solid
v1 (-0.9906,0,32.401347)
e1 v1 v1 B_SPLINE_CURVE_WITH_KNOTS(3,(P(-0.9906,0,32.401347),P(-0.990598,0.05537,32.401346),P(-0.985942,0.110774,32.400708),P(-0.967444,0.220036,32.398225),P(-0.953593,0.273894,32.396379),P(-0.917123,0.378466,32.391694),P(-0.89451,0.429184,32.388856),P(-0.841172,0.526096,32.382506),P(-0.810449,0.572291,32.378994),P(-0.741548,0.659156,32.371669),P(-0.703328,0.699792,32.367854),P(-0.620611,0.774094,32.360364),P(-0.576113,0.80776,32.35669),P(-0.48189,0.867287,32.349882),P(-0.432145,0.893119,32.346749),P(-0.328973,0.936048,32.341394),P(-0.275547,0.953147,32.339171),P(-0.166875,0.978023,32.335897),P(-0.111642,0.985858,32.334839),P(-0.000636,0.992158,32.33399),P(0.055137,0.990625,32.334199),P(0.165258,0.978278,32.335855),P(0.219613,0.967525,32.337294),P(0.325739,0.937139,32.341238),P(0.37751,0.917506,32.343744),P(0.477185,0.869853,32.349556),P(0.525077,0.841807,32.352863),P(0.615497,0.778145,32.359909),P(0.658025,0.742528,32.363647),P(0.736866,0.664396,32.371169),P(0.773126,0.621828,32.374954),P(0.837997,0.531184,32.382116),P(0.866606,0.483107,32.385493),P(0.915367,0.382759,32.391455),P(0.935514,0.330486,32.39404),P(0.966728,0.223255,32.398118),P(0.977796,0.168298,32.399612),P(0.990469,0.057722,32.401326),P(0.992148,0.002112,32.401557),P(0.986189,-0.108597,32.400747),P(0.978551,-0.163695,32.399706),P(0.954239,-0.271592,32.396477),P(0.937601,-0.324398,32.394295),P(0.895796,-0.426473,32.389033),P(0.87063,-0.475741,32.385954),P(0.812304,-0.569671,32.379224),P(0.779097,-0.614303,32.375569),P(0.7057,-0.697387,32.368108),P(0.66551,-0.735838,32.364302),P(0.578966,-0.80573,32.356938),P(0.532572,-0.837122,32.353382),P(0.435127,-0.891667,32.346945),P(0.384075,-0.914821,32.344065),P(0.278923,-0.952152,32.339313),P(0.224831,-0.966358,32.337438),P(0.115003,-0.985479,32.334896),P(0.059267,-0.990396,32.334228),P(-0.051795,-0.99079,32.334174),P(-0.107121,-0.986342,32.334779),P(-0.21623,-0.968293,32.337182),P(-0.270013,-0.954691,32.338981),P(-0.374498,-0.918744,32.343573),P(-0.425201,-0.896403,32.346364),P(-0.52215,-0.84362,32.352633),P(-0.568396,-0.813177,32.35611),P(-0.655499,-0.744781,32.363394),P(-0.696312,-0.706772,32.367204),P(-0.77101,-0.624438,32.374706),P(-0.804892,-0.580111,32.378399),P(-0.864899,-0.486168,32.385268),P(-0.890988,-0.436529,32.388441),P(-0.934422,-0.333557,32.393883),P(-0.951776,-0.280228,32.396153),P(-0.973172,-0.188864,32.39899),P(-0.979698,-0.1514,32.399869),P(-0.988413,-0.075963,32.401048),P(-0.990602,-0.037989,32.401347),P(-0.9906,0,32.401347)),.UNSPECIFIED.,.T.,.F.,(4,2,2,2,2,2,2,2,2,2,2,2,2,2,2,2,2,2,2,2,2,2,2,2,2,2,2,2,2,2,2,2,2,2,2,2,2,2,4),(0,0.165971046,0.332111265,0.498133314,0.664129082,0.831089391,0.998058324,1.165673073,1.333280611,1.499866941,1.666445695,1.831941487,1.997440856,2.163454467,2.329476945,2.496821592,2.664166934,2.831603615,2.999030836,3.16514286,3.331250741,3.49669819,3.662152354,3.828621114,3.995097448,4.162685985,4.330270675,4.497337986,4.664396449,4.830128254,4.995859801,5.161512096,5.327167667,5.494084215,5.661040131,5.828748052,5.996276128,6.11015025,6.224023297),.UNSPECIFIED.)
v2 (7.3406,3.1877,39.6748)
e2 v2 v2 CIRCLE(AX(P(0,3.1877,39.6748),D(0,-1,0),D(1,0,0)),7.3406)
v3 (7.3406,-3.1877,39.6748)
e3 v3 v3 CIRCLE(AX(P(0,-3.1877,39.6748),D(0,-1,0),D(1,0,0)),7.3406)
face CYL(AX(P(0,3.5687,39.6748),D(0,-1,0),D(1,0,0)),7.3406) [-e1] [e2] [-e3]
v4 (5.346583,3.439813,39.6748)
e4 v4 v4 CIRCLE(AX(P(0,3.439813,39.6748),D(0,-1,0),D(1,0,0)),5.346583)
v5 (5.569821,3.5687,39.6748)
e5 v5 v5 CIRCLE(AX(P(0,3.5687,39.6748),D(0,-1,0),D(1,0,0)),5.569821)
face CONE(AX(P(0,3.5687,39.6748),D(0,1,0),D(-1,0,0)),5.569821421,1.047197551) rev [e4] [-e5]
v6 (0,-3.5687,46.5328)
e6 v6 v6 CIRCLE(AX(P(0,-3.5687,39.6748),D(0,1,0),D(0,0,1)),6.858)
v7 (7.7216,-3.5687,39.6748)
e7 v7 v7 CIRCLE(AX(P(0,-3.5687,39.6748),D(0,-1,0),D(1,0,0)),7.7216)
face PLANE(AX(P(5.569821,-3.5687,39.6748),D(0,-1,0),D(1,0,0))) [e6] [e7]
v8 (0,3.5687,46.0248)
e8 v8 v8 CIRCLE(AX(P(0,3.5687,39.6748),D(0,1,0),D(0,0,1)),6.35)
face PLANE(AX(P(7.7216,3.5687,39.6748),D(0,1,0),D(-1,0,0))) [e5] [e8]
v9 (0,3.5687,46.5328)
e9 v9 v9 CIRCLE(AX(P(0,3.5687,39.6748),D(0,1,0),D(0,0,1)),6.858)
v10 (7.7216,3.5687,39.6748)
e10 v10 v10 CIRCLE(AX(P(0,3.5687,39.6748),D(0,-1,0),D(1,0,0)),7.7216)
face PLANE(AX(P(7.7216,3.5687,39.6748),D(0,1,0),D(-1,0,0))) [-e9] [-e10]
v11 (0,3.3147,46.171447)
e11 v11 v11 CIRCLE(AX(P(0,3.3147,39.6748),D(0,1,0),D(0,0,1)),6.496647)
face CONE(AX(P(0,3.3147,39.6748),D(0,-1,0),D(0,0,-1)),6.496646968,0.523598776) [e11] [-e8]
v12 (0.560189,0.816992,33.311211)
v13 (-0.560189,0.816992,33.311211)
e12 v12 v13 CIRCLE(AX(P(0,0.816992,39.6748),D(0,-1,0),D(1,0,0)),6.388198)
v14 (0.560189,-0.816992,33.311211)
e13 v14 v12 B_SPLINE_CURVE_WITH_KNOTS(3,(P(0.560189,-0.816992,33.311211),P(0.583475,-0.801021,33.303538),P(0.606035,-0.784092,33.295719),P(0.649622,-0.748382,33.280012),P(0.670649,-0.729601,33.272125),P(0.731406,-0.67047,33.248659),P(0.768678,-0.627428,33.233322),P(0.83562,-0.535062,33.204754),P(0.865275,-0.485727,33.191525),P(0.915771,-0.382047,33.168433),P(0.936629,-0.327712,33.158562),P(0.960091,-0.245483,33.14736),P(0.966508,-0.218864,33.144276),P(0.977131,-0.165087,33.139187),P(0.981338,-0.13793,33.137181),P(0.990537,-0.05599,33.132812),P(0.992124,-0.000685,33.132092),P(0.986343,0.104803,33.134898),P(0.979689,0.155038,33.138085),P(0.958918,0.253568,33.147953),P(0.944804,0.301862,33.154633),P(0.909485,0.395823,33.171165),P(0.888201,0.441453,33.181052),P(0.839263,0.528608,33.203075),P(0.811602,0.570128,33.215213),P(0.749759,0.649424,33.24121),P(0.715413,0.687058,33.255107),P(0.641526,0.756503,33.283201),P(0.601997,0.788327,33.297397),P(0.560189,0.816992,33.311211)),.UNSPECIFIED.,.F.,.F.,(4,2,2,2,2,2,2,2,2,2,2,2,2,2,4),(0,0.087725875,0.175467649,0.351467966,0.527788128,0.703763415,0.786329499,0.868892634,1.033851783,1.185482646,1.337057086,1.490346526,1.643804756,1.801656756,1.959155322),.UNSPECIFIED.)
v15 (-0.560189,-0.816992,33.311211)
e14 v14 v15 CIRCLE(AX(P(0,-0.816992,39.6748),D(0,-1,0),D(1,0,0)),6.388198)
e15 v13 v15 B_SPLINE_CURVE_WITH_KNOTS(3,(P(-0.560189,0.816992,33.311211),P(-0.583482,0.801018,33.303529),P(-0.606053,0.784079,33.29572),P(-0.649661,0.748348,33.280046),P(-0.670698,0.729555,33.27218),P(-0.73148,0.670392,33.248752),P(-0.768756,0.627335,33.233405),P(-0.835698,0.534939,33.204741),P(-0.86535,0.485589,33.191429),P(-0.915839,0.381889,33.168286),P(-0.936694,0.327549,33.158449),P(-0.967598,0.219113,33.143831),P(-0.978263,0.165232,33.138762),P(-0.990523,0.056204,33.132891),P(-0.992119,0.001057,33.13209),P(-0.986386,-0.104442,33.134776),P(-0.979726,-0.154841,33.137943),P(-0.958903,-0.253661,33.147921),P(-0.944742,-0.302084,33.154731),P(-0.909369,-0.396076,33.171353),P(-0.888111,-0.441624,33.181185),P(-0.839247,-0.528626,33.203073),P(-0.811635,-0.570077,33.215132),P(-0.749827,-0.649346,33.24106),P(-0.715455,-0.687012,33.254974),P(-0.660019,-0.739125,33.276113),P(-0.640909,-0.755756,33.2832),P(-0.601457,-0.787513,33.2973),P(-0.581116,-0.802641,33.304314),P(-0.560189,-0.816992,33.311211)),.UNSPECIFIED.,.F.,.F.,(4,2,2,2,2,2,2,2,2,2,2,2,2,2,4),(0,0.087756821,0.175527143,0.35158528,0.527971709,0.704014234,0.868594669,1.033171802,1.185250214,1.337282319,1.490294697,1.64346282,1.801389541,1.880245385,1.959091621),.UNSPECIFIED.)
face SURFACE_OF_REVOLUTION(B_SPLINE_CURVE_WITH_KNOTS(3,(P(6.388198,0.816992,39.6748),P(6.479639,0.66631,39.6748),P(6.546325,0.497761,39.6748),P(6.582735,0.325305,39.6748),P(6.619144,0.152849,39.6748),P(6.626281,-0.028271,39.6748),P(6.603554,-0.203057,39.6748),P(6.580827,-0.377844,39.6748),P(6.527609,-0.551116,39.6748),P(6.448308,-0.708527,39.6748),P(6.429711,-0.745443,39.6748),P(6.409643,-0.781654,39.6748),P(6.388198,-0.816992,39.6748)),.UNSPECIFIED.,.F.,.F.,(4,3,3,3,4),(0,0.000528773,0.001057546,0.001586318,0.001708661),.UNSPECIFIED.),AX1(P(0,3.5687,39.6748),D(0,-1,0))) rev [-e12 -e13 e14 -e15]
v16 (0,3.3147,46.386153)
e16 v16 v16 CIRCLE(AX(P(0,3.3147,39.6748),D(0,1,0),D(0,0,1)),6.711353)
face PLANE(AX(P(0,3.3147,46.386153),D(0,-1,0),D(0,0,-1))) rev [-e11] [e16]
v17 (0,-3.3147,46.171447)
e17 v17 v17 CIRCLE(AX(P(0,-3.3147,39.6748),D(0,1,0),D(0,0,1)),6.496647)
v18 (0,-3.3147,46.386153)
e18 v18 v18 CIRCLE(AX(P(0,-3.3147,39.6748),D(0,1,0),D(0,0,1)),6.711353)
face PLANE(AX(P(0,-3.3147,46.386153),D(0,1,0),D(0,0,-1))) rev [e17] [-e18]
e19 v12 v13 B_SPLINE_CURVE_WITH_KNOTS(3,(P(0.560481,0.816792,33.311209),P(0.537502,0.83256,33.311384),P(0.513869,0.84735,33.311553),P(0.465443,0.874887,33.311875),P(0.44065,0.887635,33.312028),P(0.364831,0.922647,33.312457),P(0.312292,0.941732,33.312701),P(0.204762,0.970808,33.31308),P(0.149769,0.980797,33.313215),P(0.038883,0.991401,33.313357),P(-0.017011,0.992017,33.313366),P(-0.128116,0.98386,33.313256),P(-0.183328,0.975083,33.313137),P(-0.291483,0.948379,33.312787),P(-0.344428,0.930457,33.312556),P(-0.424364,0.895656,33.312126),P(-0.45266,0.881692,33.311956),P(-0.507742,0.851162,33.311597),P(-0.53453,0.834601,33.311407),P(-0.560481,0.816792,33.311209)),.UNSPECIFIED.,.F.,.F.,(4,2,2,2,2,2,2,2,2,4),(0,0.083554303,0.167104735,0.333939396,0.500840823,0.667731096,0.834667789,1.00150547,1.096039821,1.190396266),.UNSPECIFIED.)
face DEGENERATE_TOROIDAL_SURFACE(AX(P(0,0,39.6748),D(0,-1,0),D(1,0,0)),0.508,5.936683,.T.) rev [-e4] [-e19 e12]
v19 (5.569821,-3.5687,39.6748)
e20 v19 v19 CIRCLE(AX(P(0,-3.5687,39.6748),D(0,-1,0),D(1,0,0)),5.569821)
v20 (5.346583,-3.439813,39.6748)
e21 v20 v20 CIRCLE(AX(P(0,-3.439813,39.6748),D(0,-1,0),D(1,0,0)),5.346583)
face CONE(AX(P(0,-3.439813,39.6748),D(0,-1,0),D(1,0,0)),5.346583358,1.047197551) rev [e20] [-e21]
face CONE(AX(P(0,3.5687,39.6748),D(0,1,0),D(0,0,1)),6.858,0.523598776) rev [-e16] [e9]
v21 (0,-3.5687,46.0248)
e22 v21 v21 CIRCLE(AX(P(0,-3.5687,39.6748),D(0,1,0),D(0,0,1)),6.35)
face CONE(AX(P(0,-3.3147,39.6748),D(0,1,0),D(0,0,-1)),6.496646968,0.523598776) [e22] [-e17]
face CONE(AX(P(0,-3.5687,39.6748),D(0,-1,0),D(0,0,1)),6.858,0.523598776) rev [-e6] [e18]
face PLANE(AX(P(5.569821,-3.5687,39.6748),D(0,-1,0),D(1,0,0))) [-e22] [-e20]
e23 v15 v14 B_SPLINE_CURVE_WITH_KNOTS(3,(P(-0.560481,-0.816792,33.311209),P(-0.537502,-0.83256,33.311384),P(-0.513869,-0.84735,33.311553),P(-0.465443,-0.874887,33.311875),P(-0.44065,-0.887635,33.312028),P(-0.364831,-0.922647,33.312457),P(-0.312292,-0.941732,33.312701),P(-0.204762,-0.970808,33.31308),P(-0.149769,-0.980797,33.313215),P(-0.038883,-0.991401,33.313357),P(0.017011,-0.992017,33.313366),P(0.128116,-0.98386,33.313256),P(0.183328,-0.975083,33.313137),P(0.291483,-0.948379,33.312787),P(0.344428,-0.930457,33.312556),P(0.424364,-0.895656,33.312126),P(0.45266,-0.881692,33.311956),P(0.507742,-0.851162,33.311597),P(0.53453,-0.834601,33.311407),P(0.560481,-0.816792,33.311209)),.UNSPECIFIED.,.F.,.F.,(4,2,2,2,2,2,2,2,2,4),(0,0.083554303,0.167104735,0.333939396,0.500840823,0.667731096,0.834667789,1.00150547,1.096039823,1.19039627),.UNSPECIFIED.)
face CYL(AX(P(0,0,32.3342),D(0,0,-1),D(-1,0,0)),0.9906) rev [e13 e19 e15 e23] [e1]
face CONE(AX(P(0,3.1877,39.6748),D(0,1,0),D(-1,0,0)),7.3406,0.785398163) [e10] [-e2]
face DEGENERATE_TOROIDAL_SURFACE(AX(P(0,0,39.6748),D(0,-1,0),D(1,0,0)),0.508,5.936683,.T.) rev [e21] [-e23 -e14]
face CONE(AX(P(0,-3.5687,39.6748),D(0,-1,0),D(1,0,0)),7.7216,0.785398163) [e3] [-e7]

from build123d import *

# Parameters (mm, degrees)
M1_6_CLEARANCE_HOLE1_REACH  = 19.298
M1_6_CLEARANCE_HOLE1_BORE_R = 0.9906


with BuildPart() as part:
    # Sketch1 → Revolve1 (revolve)
    with BuildSketch(Plane.XY.offset(39.6748)):
        with BuildLine():
            Line((5.346583358, -3.439813446), (5.569821421, -3.568700002))
            Line((5.569821421, -3.568700002), (7.7216, -3.568700002))
            Line((7.7216, -3.568700002), (7.3406, -3.187700002))
            Line((7.3406, -3.187700002), (7.3406, 3.187699998))
            Line((7.3406, 3.187699998), (7.7216, 3.568699998))
            Line((7.7216, 3.568699998), (5.569821421, 3.568699998))
            Line((5.569821421, 3.568699998), (5.346583358, 3.439813442))
            ThreePointArc((5.346583358, 3.439813442), (6.025505417, 2.191195883), (6.38819802, 0.816992461))
            add(Edge.make_bspline(
                [(6.38819802, 0.816992461), (6.479638913, 0.666309683), (6.54632523, 0.497761492), (6.582734648, 0.325305438), (6.619144066, 0.152849383), (6.626280801, -0.028271086), (6.603553858, -0.203057306), (6.580826914, -0.377843525), (6.527609455, -0.551116314), (6.448308441, -0.708526878), (6.429710698, -0.74544294), (6.409642818, -0.781654204), (6.388198021, -0.81699246)],
                knots=[0, 0, 0, 0, 0.000528773, 0.000528773, 0.000528773, 0.001057546, 0.001057546, 0.001057546, 0.001586318, 0.001586318, 0.001586318, 0.001708661, 0.001708661, 0.001708661, 0.001708661], degree=3))
            ThreePointArc((6.388198021, -0.81699246), (6.025505418, -2.191195885), (5.346583358, -3.439813446))
        make_face()
    revolve(axis=Axis((0, 3.5687, 39.6748), (0, -1, 0)))

    # M1.6 Clearance Hole1 bore (on position points) → M1.6 Clearance Hole1 (cut, up to next)
    with BuildSketch(Plane(origin=(0, 0, 32.3342), x_dir=(-1, 0, 0), z_dir=(0, 0, -1)), mode=Mode.PRIVATE) as m1_6_clearance_hole1_sk1:
        Circle(M1_6_CLEARANCE_HOLE1_BORE_R)
    m1_6_clearance_hole1_tool1 = extrude(m1_6_clearance_hole1_sk1.sketch, amount=-M1_6_CLEARANCE_HOLE1_REACH, mode=Mode.PRIVATE) & part.part
    add(m1_6_clearance_hole1_tool1.solids().sort_by_distance((0, 0, 32.3342))[0], mode=Mode.SUBTRACT)

    # Sketch3 → Cut-Revolve1 (revolve, cut)
    with BuildSketch(Plane(origin=(0, 0, 0), x_dir=(0, 0, -1), z_dir=(1, 0, 0)), mode=Mode.PRIVATE) as cut_revolve1_sk:
        Polygon((-46.5328, 3.568699998), (-46.386153032, 3.314699998), (-46.171446968, 3.314699998), (-46.0248, 3.568699998), align=None)
    cut_revolve1 = revolve(cut_revolve1_sk.sketch.rotate(Axis((0, 3.568699998, 39.6748), (0, -1, 0)), 270), axis=Axis((0, 3.568699998, 39.6748), (0, -1, 0)), mode=Mode.SUBTRACT)

    # Mirror1: Cut-Revolve1 across plane
    add(cut_revolve1.mirror(Plane.ZX), mode=Mode.SUBTRACT)


solid = part.part
